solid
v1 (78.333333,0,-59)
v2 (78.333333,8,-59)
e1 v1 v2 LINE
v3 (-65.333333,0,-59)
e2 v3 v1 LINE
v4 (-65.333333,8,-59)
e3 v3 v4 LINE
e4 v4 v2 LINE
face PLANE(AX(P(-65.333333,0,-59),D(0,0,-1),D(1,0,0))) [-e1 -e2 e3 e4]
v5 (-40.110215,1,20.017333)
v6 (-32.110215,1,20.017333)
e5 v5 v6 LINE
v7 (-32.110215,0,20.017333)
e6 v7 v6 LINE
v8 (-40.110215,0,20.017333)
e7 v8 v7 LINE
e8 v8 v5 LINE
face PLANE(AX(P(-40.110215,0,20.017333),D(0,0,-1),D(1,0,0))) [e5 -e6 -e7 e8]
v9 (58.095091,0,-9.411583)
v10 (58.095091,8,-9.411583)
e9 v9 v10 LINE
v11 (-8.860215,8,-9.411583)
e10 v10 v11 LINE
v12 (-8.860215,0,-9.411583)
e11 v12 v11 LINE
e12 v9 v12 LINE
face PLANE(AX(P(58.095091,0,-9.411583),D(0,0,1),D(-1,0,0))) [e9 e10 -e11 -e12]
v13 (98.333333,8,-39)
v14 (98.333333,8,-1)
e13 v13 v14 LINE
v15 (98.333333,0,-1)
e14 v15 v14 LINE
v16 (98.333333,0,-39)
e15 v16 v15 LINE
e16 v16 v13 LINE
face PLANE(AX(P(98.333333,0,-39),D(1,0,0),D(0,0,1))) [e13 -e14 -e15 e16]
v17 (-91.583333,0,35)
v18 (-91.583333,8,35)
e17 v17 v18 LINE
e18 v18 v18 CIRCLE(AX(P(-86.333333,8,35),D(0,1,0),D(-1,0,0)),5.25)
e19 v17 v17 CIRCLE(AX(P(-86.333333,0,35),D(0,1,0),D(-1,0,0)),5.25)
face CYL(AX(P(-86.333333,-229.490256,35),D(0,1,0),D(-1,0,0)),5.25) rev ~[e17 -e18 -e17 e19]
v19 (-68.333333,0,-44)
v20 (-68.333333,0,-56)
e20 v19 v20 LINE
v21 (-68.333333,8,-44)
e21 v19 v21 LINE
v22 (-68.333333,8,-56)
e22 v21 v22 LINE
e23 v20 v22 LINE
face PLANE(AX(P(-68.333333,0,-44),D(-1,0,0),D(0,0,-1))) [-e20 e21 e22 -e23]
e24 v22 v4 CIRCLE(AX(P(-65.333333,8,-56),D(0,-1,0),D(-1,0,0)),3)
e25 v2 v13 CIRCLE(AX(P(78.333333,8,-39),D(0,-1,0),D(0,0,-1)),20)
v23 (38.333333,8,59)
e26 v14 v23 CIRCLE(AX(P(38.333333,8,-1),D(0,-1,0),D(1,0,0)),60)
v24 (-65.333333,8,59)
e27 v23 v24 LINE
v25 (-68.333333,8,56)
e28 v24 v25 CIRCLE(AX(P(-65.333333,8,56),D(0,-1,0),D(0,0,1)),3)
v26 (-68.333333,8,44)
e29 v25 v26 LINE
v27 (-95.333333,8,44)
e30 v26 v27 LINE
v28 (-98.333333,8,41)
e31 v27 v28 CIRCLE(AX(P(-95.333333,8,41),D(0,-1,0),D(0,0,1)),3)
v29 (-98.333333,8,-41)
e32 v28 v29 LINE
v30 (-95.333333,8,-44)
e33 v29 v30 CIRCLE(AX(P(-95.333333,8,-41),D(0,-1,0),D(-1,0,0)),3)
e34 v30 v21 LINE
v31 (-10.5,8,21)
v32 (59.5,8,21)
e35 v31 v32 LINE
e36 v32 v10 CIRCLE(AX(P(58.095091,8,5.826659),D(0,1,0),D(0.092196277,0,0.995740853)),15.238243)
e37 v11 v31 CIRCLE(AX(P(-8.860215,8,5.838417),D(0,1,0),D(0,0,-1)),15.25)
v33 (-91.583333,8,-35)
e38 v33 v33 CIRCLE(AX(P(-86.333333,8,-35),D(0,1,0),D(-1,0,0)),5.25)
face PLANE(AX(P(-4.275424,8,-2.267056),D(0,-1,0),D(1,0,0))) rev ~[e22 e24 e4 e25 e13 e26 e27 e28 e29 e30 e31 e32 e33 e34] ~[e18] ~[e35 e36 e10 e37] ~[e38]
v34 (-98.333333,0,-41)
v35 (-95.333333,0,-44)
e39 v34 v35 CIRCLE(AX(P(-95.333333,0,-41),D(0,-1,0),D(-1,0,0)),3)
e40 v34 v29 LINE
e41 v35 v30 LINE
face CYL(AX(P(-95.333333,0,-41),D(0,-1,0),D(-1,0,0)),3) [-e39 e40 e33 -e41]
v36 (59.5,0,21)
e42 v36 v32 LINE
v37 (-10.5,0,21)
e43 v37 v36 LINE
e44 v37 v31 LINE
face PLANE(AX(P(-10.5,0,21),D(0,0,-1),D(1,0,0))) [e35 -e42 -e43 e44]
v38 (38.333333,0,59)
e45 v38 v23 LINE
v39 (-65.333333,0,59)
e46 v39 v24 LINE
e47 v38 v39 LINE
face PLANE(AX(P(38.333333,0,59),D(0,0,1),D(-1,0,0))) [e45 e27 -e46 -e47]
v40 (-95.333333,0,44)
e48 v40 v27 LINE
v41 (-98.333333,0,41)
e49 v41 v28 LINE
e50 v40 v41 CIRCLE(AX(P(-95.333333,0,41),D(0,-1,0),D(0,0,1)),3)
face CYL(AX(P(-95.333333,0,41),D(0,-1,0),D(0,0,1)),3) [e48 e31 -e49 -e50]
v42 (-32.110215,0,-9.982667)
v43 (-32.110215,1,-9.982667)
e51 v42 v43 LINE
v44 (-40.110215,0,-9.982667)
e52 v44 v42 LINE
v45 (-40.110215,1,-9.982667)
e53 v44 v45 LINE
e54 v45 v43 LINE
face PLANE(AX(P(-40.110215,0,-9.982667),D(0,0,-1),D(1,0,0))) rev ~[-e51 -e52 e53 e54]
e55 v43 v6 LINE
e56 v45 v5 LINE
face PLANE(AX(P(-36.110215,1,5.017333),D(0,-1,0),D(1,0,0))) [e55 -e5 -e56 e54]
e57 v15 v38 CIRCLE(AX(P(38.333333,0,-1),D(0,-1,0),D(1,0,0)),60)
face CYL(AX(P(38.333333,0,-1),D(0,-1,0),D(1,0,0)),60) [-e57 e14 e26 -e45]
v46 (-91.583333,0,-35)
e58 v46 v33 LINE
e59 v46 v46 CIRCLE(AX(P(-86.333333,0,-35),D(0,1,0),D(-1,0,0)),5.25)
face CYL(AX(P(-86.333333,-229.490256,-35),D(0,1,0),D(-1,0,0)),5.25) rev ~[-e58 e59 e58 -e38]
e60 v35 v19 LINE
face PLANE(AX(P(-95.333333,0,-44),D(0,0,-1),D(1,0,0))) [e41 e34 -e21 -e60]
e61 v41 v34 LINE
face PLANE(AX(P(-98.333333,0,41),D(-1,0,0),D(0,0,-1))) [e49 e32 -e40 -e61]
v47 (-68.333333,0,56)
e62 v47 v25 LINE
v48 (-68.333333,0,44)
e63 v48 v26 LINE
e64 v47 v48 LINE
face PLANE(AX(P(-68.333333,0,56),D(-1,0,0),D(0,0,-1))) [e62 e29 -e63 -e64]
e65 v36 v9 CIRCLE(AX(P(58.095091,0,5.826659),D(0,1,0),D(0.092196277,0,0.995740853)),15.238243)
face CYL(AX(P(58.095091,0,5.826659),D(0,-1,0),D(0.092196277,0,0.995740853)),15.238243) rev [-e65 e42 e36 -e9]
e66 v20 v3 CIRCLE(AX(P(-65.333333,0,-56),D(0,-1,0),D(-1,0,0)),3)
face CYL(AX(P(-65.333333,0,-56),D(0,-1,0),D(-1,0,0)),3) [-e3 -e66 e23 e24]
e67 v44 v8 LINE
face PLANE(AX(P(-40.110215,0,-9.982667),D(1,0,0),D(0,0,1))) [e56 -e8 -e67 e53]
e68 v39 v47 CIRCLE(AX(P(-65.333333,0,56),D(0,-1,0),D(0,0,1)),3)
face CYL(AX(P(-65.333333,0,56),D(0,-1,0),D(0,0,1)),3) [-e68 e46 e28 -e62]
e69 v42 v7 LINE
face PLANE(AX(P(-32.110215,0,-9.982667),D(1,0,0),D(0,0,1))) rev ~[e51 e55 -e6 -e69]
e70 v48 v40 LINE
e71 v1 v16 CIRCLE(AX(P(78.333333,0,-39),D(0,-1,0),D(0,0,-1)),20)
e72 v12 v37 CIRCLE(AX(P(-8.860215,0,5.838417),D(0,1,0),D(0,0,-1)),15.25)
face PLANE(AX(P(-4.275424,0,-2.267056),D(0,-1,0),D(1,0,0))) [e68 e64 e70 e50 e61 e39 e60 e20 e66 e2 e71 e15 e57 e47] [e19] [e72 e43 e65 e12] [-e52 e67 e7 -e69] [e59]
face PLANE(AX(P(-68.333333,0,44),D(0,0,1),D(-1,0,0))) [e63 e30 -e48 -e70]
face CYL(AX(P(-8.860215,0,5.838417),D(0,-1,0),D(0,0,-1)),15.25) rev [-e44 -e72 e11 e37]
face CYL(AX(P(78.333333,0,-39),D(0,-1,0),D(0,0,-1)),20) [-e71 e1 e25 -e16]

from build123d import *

# Parameters (mm, degrees)
F1_DEPTH = 8
F3_D     = 10.5
F4_W     = 8
F4_H     = 30
F5_DEPTH = 1


with BuildPart() as f1:
    # F0 (on Front) → F1 (new body)
    with BuildSketch(Plane.XZ):
        with BuildLine():
            Line((-65.3333333333, -59), (78.3333333333, -59))
            ThreePointArc((78.3333333333, -59), (92.4754689571, -53.1421356237), (98.3333333333, -39))
            Line((98.3333333333, -39), (98.3333333333, -1))
            ThreePointArc((98.3333333333, -1), (80.7597402045, 41.4264068712), (38.3333333333, 59))
            Line((38.3333333333, 59), (-65.3333333333, 59))
            ThreePointArc((-65.3333333333, 59), (-67.4546536769, 58.1213203436), (-68.3333333333, 56))
            Line((-68.3333333333, 56), (-68.3333333333, 44))
            Line((-68.3333333333, 44), (-95.3333333333, 44))
            ThreePointArc((-95.3333333333, 44), (-97.4546536769, 43.1213203436), (-98.3333333333, 41))
            Line((-98.3333333333, 41), (-98.3333333333, -41))
            ThreePointArc((-98.3333333333, -41), (-97.4546536769, -43.1213203436), (-95.3333333333, -44))
            Line((-95.3333333333, -44), (-68.3333333333, -44))
            Line((-68.3333333333, -44), (-68.3333333333, -56))
            ThreePointArc((-68.3333333333, -56), (-67.4546536769, -58.1213203436), (-65.3333333333, -59))
        make_face()
        with BuildLine():
            ThreePointArc((-8.8602150538, -9.4115832066), (-24.0880948126, 5.0173333325), (-10.5, 21))
            Line((-10.5, 21), (59.5, 21))
            ThreePointArc((59.5, 21), (73.3170992075, 5.1234555789), (58.0950907734, -9.4115832066))
            Line((58.0950907734, -9.4115832066), (-8.8602150538, -9.4115832066))
        make_face(mode=Mode.SUBTRACT)
    extrude(amount=-F1_DEPTH)

    # F3 (through all)
    with Locations(Plane.XZ):
        with Locations((-86.3333333333, 35), (-86.3333333333, -35)):
            Hole(F3_D / 2)

    # F4 (on face) → F5 (cut)
    with BuildSketch(Plane.XZ):
        with Locations((-36.1102150538, 5.0173333325)):
            Rectangle(F4_W, F4_H)
    extrude(amount=-F5_DEPTH, mode=Mode.SUBTRACT)


solid = f1.part
